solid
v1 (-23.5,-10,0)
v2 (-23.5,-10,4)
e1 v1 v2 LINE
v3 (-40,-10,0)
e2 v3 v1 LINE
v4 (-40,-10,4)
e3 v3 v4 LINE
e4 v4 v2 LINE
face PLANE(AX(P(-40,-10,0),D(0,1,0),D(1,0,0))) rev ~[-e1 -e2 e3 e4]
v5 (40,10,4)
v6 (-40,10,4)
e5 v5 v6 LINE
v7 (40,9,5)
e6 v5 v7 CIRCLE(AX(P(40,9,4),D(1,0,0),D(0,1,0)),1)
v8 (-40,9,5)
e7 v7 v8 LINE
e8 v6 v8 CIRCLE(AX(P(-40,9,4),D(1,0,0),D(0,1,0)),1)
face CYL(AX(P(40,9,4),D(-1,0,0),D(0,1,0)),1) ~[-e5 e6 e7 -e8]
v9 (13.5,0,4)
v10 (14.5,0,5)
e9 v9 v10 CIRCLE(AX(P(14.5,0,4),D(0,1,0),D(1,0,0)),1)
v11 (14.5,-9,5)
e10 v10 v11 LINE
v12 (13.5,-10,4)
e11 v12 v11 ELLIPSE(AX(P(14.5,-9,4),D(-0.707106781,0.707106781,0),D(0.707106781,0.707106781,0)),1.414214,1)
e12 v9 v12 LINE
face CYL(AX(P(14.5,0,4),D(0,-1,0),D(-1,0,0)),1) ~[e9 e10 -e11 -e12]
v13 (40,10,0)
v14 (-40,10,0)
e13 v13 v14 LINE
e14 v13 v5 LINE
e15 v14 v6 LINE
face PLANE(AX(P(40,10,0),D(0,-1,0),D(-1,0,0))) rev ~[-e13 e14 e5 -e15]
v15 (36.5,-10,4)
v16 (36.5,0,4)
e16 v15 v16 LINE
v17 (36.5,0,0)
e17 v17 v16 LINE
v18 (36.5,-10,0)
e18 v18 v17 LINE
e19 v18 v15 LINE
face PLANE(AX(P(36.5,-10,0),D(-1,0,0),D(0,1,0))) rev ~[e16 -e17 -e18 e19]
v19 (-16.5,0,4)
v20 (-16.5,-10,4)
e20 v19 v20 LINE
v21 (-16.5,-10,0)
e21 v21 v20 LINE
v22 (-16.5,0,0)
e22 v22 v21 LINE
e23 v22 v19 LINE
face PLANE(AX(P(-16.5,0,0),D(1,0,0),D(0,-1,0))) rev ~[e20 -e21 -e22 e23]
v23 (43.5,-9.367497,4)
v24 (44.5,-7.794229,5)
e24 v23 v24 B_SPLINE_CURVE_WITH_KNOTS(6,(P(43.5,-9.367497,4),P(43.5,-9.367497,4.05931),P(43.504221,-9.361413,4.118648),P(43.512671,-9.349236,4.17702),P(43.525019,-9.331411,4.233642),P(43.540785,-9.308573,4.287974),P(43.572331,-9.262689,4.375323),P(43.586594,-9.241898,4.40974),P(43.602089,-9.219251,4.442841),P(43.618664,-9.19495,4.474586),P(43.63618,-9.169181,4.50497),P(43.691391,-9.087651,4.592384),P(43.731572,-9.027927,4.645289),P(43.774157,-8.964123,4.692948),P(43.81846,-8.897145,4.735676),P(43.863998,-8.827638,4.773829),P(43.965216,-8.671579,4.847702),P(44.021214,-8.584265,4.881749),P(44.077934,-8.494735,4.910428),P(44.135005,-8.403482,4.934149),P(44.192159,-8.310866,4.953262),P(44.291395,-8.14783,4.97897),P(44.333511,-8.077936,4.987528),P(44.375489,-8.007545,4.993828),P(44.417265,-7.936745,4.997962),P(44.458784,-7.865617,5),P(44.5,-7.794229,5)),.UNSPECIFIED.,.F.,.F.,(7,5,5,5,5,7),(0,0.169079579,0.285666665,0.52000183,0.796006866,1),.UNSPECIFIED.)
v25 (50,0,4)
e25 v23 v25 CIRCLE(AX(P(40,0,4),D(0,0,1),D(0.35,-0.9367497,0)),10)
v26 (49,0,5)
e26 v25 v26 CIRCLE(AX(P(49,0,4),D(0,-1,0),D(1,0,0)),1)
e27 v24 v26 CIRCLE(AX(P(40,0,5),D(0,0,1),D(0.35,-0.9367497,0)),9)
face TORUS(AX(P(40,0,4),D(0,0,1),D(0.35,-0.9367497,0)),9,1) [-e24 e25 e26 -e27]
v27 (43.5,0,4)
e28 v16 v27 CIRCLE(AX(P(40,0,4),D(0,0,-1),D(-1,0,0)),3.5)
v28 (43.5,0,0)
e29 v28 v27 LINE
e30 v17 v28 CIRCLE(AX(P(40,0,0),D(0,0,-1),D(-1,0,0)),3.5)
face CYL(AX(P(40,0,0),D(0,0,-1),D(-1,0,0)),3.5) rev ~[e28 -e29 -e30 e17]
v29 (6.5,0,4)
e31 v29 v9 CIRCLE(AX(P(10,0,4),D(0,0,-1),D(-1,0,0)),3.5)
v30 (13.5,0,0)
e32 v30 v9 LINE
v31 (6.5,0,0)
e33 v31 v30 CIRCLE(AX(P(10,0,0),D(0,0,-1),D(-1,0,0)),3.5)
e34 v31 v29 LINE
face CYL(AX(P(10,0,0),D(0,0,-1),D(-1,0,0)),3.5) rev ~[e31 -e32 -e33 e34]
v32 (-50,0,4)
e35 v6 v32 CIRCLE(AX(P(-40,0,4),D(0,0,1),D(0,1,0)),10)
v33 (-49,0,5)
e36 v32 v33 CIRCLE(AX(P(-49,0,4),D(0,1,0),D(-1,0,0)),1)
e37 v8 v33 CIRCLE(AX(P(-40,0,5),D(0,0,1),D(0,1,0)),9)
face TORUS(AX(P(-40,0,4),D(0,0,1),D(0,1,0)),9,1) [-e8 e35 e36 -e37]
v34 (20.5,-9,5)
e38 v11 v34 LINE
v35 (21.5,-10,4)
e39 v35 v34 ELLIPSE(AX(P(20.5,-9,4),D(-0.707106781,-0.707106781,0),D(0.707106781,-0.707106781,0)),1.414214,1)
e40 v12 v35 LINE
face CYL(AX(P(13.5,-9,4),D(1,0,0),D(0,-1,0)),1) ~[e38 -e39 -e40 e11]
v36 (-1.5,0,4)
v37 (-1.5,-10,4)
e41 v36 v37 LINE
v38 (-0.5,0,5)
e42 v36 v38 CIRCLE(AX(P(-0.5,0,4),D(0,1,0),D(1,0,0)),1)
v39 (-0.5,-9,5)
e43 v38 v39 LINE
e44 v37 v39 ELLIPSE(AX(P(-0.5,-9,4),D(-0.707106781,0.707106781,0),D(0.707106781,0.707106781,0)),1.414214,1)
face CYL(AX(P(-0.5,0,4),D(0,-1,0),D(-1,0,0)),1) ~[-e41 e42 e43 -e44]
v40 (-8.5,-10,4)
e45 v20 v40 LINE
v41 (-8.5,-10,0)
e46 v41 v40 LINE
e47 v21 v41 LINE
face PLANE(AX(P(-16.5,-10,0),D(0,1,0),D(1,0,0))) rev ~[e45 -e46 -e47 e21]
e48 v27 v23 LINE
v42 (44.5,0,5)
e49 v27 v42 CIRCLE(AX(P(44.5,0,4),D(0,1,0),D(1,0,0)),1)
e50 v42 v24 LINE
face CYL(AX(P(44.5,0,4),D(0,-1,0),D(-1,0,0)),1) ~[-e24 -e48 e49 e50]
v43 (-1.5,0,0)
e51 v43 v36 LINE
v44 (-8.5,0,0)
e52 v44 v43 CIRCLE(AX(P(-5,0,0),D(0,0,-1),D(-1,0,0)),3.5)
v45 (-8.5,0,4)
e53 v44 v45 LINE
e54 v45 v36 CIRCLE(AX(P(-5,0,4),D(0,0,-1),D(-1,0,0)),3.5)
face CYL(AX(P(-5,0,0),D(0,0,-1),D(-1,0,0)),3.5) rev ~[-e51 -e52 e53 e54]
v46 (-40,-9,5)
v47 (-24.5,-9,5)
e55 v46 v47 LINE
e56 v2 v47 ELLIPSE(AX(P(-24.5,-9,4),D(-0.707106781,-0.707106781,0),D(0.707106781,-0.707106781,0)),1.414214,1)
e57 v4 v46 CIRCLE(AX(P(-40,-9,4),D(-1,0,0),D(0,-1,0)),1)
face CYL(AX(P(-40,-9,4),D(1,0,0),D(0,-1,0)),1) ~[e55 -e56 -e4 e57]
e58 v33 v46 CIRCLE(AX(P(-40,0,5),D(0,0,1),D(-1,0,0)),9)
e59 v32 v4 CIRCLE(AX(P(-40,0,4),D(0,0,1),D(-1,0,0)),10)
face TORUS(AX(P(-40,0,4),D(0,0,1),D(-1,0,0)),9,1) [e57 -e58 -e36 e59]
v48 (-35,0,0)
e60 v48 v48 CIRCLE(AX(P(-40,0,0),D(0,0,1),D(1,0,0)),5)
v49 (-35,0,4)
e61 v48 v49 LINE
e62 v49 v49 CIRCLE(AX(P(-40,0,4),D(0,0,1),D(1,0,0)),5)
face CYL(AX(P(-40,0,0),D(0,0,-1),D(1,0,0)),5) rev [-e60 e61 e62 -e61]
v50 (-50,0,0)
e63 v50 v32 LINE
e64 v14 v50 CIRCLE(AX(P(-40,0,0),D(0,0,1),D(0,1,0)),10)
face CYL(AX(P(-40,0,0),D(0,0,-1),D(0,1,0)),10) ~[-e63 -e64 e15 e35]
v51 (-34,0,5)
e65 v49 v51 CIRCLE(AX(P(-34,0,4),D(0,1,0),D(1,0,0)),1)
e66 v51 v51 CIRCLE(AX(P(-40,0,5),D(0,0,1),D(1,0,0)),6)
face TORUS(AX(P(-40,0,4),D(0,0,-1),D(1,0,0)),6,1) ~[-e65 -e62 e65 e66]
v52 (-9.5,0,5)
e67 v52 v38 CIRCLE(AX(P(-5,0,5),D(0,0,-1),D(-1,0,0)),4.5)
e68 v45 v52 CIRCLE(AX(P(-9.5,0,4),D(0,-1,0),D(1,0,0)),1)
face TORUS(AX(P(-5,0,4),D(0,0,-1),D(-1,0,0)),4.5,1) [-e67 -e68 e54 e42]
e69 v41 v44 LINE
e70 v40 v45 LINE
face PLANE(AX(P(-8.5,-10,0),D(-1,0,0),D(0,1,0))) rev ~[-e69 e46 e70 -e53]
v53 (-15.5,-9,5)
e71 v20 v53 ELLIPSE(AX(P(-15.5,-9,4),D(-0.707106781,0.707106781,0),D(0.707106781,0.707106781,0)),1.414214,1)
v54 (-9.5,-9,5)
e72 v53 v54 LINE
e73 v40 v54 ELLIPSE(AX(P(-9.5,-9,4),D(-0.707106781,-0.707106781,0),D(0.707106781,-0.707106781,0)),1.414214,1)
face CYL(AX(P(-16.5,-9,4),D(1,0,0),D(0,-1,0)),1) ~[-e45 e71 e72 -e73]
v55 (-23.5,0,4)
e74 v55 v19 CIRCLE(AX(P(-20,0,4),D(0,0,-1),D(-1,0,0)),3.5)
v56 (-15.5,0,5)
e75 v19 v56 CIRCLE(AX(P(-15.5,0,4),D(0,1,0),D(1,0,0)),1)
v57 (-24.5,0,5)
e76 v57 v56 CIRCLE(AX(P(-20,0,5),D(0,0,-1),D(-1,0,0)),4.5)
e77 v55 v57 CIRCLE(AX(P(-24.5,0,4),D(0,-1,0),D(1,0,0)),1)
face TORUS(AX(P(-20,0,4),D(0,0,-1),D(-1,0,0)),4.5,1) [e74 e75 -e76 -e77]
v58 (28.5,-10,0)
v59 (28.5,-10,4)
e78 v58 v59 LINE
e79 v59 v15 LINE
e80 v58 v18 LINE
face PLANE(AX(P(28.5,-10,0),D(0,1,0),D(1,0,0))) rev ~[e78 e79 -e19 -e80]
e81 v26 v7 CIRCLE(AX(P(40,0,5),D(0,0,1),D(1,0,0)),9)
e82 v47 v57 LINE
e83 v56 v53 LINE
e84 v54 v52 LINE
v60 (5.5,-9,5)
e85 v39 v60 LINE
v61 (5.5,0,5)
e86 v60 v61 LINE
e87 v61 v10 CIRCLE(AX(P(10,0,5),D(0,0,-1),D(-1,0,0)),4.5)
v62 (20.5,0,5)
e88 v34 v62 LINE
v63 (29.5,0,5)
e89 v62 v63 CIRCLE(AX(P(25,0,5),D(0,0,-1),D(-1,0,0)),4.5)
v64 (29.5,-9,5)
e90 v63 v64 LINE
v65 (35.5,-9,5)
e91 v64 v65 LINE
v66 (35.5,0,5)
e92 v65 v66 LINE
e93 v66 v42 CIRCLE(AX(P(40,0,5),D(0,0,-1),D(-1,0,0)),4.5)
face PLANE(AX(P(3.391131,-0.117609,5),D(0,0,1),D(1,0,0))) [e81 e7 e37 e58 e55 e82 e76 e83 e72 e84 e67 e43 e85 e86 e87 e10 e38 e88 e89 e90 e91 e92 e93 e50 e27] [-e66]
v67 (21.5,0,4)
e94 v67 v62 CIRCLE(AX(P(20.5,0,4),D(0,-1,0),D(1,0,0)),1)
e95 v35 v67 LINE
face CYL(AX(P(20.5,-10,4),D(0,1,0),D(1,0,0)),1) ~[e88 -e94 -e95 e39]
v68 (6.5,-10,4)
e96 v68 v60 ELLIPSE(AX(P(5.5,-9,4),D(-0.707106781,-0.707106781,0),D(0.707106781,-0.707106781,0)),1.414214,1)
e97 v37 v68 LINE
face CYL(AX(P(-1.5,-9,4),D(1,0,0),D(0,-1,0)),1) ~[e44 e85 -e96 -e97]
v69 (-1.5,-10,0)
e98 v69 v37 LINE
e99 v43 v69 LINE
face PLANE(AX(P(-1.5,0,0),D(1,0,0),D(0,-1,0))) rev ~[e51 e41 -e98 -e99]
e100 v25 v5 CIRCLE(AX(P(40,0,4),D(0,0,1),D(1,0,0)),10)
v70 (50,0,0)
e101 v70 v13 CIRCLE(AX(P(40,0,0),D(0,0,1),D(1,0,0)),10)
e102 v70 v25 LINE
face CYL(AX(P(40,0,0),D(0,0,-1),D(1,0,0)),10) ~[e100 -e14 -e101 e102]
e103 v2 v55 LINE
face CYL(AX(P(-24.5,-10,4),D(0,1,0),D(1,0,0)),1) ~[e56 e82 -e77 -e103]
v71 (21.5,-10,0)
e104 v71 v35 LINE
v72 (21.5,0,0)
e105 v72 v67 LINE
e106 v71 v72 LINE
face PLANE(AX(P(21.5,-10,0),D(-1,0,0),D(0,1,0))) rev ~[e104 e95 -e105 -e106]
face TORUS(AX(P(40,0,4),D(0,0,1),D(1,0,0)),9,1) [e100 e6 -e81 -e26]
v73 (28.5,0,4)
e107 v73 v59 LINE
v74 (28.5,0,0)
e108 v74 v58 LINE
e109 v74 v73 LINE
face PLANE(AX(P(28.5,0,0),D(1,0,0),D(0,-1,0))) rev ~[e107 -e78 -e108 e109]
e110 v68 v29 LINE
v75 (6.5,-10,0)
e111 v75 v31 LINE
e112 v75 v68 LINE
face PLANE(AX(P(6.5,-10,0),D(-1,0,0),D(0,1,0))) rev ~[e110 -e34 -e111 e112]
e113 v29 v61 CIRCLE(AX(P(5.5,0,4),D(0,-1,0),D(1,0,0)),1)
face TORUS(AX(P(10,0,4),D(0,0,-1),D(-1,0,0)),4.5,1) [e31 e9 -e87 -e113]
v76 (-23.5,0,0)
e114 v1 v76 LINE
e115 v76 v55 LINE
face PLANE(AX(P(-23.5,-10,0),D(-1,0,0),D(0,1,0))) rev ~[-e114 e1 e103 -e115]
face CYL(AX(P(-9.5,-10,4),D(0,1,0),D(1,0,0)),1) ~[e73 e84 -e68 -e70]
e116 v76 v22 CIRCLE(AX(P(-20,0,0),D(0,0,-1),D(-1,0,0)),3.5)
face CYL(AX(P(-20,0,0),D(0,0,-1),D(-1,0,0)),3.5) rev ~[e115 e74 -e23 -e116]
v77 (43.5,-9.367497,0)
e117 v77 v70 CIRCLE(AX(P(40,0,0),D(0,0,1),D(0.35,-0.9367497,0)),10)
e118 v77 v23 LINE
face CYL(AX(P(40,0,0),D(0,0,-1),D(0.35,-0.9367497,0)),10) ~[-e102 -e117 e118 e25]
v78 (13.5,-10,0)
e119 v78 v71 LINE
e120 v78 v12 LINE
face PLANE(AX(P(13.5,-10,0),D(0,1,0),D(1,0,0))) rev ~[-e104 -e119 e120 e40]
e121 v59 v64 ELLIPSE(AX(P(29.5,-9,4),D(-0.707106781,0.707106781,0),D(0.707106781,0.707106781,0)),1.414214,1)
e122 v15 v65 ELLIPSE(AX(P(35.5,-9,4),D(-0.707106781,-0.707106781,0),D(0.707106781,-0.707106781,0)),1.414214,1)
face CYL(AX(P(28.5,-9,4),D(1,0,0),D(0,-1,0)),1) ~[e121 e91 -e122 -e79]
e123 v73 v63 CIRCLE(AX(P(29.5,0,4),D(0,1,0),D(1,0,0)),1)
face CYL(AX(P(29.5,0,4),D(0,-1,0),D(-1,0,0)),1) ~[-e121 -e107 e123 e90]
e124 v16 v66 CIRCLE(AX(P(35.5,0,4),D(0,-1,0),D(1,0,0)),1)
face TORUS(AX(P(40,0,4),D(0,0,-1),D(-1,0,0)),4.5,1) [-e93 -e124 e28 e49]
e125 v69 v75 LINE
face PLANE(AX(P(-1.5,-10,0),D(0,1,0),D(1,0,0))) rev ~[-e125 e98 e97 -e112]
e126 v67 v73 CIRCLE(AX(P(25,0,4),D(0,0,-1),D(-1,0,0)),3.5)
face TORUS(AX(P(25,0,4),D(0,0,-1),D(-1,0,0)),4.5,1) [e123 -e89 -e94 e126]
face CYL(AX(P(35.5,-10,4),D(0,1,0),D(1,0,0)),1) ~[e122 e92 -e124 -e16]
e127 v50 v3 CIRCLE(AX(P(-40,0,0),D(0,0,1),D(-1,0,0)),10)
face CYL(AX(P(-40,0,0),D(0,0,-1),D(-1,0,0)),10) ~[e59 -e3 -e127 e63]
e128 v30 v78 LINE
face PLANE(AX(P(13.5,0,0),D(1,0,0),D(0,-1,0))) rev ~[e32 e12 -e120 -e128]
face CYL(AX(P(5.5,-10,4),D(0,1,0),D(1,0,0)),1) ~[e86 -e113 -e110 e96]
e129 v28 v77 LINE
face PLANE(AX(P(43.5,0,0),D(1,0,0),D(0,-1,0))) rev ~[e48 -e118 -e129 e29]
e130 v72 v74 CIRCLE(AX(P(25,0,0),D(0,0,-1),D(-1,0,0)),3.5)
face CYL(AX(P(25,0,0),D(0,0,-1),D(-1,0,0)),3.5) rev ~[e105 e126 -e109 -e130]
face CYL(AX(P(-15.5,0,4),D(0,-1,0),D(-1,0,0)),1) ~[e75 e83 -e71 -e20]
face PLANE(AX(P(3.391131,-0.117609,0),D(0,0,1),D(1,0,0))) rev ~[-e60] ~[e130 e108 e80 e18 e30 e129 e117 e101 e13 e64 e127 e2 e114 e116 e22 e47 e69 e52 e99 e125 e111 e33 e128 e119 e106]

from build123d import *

# Parameters (mm, degrees)
F0_R     = 5
F1_DEPTH = 5
F2_R     = 1


with BuildPart() as f1:
    # F0 (on Top) → F1 (new body)
    with BuildSketch(Plane.XY):
        with BuildLine():
            Line((28.5, -10), (36.5, -10))
            Line((36.5, -10), (36.5, 0))
            ThreePointArc((36.5, 0), (40, 3.5), (43.5, 0))
            Line((43.5, 0), (43.5, -9.3674969976))
            ThreePointArc((43.5, -9.3674969976), (48.2158383626, -5.7008771255), (50, 0))
            ThreePointArc((50, 0), (47.0710678119, 7.0710678119), (40, 10))
            Line((40, 10), (-40, 10))
            ThreePointArc((-40, 10), (-47.0710678119, 7.0710678119), (-50, 0))
            ThreePointArc((-50, 0), (-47.0710678119, -7.0710678119), (-40, -10))
            Line((-40, -10), (-23.5, -10))
            Line((-23.5, -10), (-23.5, 0))
            ThreePointArc((-23.5, 0), (-20, 3.5), (-16.5, 0))
            Line((-16.5, 0), (-16.5, -10))
            Line((-16.5, -10), (-8.5, -10))
            Line((-8.5, -10), (-8.5, 0))
            ThreePointArc((-8.5, 0), (-5, 3.5), (-1.5, 0))
            Line((-1.5, 0), (-1.5, -10))
            Line((-1.5, -10), (6.5, -10))
            Line((6.5, -10), (6.5, 0))
            ThreePointArc((6.5, 0), (10, 3.5), (13.5, 0))
            Line((13.5, 0), (13.5, -10))
            Line((13.5, -10), (21.5, -10))
            Line((21.5, -10), (21.5, 0))
            ThreePointArc((21.5, 0), (25, 3.5), (28.5, 0))
            Line((28.5, 0), (28.5, -10))
        make_face()
        with Locations((-40, 0)):
            Circle(F0_R, mode=Mode.SUBTRACT)
    extrude(amount=F1_DEPTH)

    # F2
    f2_edges = [f1.edges().sort_by_distance(p)[0] for p in [
        (-31.75, -10, 5),
        (-50, 0, 5),
        (-12.5, -10, 5),
        (2.5, -10, 5),
        (17.5, -10, 5),
        (32.5, -10, 5),
        (49.840604, 1.778346, 5),
        (0, 10, 5),
        (-45, 0, 5),
        (-23.5, -5, 5),
        (-20, 3.5, 5),
        (-16.5, -5, 5),
        (-8.5, -5, 5),
        (6.5, -5, 5),
        (21.5, -5, 5),
        (40, 3.5, 5),
    ]]
    fillet(f2_edges, radius=F2_R)


solid = f1.part
